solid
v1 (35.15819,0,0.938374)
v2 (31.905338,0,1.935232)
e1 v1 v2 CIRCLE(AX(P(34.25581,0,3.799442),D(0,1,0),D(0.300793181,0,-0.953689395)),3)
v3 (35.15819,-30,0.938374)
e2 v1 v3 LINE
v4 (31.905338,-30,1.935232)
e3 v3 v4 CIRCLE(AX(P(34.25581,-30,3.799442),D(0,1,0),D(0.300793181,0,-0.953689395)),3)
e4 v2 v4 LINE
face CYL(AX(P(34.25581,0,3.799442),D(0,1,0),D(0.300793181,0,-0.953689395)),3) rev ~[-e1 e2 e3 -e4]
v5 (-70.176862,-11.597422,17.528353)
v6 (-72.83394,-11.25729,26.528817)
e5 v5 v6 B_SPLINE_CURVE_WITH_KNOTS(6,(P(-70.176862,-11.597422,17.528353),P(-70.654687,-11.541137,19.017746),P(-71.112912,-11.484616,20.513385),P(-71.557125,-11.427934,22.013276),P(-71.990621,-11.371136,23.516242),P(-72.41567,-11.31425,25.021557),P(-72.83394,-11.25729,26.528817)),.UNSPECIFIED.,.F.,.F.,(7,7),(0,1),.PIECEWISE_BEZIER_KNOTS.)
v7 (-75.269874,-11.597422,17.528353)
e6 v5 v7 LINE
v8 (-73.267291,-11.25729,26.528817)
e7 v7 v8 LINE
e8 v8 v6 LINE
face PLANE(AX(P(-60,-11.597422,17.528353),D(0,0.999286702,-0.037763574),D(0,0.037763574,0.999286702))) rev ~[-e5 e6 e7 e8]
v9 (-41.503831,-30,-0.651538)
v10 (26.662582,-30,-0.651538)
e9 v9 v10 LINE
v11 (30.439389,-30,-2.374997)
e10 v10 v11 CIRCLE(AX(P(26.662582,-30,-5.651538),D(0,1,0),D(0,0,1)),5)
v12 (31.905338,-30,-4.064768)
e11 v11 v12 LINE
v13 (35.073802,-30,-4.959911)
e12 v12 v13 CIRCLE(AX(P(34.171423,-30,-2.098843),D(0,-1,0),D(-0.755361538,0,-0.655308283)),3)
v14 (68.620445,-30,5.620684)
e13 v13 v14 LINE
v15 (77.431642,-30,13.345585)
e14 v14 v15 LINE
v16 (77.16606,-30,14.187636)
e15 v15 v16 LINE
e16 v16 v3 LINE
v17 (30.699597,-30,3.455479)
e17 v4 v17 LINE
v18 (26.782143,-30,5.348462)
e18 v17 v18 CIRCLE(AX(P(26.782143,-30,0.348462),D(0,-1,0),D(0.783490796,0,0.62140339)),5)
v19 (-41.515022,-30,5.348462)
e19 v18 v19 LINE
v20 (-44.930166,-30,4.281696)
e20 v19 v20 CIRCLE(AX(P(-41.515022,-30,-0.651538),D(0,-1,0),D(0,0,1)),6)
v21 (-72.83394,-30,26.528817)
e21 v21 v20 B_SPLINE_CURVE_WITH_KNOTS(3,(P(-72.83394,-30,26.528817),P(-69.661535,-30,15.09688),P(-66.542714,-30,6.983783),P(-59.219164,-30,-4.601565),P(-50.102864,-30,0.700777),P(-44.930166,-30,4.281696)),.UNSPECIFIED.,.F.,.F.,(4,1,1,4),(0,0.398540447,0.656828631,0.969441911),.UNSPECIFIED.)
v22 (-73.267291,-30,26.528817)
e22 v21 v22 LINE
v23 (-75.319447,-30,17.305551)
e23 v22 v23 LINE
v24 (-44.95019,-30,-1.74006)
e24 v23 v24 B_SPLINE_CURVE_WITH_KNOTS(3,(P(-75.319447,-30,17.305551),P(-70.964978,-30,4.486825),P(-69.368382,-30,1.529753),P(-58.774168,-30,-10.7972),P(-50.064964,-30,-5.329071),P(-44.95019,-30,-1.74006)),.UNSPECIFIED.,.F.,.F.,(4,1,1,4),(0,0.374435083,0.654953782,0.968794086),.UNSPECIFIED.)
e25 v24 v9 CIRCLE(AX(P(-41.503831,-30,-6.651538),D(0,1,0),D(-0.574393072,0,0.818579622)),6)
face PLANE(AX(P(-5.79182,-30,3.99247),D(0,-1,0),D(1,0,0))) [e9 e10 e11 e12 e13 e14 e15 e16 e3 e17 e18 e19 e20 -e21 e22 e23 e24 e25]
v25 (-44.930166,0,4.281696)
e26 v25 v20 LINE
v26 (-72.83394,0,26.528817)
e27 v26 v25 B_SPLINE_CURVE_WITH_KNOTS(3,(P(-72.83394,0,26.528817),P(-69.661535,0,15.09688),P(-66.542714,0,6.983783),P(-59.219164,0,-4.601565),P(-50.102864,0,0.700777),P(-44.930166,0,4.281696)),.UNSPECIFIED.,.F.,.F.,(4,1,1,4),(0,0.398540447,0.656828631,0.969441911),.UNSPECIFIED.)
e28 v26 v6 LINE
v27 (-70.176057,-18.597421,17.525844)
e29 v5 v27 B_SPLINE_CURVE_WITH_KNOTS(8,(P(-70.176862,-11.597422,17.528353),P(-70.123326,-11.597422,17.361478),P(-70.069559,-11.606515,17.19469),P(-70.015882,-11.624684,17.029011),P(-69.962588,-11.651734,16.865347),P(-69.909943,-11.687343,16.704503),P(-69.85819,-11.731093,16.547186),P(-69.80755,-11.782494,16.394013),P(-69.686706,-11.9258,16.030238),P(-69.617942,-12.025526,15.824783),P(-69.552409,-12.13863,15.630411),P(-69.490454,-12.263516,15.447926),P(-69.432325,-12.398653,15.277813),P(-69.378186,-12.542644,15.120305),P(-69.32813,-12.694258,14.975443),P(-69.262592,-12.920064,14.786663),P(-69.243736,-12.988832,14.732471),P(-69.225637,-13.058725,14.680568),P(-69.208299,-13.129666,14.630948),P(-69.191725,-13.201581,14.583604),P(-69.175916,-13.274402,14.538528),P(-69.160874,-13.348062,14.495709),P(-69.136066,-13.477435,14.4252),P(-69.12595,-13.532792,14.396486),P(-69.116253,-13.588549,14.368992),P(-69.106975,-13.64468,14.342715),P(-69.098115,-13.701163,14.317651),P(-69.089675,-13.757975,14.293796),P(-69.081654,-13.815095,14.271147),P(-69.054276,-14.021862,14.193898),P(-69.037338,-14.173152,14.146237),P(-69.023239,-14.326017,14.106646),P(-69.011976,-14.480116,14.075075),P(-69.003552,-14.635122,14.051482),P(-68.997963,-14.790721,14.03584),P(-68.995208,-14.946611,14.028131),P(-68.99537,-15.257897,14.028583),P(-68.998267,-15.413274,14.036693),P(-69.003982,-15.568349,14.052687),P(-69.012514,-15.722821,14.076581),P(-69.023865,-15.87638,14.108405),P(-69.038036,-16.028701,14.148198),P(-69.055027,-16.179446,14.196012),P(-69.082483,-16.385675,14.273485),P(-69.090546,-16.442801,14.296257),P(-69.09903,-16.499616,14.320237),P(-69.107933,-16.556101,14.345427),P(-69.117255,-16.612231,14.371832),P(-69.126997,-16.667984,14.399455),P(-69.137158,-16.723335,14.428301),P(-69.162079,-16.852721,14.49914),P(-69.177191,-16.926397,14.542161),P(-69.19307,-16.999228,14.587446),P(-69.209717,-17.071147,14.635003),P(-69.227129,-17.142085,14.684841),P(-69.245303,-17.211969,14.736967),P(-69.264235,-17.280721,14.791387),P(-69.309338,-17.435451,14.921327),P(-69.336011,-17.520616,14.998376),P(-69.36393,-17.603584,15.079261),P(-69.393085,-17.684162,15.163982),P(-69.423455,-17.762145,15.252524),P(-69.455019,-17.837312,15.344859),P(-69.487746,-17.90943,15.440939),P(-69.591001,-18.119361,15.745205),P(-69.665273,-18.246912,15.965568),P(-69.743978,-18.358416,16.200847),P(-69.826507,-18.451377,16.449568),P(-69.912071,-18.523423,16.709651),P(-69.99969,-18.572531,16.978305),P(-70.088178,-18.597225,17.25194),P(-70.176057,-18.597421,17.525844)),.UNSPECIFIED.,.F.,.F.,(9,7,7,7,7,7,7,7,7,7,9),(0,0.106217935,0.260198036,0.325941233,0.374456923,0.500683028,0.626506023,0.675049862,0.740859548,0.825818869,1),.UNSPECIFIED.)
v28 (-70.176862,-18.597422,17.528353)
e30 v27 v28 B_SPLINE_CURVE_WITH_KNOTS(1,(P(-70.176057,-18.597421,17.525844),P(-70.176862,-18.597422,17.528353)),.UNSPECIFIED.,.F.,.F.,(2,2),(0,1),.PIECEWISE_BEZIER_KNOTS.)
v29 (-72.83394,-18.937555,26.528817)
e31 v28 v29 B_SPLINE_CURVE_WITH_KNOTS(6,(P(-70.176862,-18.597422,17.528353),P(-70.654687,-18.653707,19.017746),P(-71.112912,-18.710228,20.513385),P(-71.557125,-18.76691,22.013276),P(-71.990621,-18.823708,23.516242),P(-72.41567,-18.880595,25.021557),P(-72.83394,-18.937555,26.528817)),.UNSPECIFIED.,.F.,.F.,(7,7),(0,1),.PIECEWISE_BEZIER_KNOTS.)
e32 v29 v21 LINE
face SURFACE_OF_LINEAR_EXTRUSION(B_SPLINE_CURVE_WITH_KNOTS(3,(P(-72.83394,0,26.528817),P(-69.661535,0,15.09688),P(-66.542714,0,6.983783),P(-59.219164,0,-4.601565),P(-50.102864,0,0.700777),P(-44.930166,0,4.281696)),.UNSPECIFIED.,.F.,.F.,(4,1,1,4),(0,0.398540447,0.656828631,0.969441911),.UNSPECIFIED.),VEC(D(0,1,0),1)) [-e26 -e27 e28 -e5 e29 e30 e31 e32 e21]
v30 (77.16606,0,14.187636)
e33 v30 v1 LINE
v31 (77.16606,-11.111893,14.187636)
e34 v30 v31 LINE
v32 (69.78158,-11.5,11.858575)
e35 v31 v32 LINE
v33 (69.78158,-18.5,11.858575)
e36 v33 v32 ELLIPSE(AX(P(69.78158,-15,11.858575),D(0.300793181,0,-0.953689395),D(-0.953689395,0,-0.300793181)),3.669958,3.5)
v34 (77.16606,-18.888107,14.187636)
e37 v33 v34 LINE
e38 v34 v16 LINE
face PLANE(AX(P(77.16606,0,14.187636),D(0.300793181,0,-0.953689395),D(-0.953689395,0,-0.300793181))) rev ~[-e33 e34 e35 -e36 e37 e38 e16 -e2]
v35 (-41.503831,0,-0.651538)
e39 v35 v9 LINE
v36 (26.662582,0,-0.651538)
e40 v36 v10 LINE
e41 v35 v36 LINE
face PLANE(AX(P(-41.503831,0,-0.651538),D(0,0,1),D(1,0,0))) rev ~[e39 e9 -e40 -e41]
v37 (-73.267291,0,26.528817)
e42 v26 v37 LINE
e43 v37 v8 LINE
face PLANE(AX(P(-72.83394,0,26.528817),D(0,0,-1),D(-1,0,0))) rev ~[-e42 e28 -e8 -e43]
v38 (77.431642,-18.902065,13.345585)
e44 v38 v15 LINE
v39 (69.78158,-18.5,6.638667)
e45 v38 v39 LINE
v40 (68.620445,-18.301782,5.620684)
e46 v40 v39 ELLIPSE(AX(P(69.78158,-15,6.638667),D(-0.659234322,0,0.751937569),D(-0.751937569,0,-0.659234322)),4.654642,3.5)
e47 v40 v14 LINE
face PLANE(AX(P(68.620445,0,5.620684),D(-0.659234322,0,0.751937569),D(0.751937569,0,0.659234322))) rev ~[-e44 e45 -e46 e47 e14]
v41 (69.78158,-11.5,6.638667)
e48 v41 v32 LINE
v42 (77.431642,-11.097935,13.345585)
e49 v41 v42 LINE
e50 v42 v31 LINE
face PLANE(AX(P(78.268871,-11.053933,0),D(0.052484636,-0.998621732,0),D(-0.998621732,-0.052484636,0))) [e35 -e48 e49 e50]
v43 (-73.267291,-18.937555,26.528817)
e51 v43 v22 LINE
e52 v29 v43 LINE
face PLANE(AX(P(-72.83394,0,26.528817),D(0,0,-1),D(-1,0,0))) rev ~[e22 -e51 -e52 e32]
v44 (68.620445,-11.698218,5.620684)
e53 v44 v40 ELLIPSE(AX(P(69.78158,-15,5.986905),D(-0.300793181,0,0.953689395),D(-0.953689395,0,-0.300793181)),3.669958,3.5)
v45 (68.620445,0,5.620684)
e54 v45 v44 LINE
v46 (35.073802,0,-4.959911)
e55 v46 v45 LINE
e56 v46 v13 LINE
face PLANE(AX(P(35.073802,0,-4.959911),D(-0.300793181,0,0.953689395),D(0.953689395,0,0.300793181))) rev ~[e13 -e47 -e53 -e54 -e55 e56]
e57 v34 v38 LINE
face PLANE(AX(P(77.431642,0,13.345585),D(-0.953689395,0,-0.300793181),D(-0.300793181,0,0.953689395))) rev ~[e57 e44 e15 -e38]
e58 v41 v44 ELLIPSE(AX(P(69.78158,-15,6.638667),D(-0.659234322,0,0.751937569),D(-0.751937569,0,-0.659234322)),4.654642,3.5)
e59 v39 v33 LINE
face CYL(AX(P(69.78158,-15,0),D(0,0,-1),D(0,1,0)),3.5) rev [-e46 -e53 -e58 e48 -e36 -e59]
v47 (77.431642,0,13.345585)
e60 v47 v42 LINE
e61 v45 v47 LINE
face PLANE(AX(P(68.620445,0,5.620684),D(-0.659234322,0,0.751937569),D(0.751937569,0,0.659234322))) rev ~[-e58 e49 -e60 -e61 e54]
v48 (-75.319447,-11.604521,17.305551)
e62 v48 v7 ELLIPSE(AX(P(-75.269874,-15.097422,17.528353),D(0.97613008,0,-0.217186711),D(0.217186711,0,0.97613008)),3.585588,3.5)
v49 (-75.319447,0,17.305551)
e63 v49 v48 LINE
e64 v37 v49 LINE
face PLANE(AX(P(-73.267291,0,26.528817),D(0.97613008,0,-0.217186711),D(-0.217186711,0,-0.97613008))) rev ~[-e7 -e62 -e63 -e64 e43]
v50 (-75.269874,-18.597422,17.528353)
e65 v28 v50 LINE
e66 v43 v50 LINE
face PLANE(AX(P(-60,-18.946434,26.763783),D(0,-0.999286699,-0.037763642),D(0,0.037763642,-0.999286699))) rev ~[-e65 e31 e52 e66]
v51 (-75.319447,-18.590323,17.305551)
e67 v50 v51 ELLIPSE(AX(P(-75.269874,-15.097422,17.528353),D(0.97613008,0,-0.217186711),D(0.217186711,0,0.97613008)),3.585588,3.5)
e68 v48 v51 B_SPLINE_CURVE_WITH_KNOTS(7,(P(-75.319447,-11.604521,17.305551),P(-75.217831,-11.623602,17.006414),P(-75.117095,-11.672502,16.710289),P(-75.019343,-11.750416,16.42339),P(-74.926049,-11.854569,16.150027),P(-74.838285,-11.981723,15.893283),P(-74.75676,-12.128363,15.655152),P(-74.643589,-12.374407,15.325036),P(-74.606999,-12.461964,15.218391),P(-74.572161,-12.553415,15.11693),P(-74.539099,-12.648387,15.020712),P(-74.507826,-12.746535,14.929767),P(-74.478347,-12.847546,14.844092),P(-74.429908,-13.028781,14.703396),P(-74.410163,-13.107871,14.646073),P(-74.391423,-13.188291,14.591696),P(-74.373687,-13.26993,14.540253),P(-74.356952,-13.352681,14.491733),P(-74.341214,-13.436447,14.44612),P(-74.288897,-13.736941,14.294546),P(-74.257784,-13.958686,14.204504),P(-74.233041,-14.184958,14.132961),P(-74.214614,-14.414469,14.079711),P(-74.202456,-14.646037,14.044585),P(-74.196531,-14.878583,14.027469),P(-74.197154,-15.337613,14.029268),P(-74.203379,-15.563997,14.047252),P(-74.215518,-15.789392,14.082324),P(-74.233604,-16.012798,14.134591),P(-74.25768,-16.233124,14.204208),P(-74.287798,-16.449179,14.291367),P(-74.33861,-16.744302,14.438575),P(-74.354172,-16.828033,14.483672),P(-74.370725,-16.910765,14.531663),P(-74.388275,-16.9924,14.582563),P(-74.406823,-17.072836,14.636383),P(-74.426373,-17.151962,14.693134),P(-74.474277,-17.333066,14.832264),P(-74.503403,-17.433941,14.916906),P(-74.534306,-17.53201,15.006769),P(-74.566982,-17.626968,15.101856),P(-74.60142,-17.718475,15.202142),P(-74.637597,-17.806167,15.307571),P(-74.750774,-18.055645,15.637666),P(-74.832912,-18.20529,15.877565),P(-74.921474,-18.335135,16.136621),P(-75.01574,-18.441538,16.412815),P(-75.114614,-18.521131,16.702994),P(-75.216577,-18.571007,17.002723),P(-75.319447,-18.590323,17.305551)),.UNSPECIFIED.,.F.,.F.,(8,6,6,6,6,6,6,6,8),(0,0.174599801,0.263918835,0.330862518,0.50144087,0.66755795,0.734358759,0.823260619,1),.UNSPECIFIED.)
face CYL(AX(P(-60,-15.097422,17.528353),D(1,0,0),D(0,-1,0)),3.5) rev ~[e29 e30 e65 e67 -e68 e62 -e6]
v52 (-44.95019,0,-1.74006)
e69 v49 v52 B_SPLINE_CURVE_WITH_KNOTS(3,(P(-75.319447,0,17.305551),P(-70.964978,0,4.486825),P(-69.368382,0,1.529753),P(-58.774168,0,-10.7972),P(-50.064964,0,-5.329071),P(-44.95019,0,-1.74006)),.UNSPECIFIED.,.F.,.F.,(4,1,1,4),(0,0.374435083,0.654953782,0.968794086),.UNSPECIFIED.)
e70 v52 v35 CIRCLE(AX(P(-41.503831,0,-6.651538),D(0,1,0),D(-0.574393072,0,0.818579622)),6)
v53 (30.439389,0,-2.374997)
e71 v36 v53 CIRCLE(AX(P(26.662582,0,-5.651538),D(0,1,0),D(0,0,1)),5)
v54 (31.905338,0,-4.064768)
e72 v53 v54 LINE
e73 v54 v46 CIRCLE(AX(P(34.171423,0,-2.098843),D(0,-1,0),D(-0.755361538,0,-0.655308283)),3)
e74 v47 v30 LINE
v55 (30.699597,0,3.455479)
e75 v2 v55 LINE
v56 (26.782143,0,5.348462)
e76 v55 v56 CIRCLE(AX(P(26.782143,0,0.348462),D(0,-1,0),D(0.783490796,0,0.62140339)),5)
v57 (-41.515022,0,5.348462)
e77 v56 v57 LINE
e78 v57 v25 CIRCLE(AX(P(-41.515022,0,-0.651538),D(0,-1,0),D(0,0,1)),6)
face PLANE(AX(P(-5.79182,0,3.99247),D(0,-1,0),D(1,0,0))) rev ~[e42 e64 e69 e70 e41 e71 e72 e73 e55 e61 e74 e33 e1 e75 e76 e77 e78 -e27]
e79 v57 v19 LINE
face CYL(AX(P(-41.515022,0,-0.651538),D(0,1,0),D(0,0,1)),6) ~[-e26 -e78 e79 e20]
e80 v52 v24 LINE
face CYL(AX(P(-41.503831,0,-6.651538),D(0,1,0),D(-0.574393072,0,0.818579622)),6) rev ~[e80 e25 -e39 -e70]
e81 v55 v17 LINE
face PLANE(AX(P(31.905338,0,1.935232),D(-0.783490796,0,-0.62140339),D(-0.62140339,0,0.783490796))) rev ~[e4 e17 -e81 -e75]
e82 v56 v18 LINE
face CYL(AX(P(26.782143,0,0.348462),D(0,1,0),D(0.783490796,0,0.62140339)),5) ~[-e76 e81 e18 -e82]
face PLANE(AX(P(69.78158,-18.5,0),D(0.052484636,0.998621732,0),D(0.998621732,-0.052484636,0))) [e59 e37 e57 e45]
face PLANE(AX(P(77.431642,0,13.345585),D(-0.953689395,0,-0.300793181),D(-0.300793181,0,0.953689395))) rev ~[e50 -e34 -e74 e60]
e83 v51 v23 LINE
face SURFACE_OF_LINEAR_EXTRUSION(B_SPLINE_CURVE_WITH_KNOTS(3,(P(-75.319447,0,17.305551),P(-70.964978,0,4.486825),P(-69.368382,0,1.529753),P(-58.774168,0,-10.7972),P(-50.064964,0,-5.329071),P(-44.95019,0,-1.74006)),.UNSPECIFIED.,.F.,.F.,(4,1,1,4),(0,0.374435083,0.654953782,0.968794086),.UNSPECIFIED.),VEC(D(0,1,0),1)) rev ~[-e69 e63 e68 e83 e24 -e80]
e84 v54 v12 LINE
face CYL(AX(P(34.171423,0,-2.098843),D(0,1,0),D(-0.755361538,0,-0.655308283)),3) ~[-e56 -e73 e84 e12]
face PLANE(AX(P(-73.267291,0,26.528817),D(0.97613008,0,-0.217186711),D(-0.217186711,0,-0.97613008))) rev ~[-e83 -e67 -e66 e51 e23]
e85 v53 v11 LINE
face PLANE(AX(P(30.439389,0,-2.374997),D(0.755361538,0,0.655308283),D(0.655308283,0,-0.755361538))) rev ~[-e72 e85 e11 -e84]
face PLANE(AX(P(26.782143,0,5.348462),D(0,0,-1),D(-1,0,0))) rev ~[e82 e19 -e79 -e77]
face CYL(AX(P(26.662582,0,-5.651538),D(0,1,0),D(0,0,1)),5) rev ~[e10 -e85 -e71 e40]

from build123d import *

# Parameters (mm, degrees)
F1_DEPTH = 30
F3_START = -60
F3_DEPTH = 20
F5_DEPTH = 15


with BuildPart() as f1:
    # F0 (on Front) → F1 (new body)
    with BuildSketch(Plane.XZ):
        with BuildLine():
            Line((-73.2672911175, 26.5288166702), (-75.3194466233, 17.3055510968))
            add(Edge.make_bspline(
                [(-75.3194466233, 17.3055510968), (-70.9649776781, 4.4868251649), (-69.3683816602, 1.5297526715), (-58.7741680812, -10.797200258), (-50.064963712, -5.329070788), (-44.9501895242, -1.7400602878)],
                knots=[0, 0, 0, 0, 0.374435083, 0.6549537817, 0.9687940857, 0.9687940857, 0.9687940857, 0.9687940857], degree=3))
            ThreePointArc((-44.9501895242, -1.7400602878), (-43.310919022, -0.9301366905), (-41.5038310897, -0.6515380228))
            Line((-41.5038310897, -0.6515380228), (26.6625816426, -0.6515380228))
            ThreePointArc((26.6625816426, -0.6515380228), (28.7383095769, -1.1027630731), (30.4393893345, -2.3749966056))
            Line((30.4393893345, -2.3749966056), (31.9053379066, -4.0647679645))
            ThreePointArc((31.9053379066, -4.0647679645), (33.3557980505, -4.9858409878), (35.0738020651, -4.9599112993))
            Line((35.0738020651, -4.9599112993), (68.6204453138, 5.6206840096))
            Line((68.6204453138, 5.6206840096), (77.4316421282, 13.3455851134))
            Line((77.4316421282, 13.3455851134), (77.1660596132, 14.18763621))
            Line((77.1660596132, 14.18763621), (35.1581896409, 0.9383740209))
            ThreePointArc((35.1581896409, 0.9383740209), (33.3767909305, 0.9311107565), (31.9053377109, 1.9352320355))
            Line((31.9053377109, 1.9352320355), (30.6995972244, 3.4554789281))
            ThreePointArc((30.6995972244, 3.4554789281), (28.9575644986, 4.8504107083), (26.7821432468, 5.3484619772))
            Line((26.7821432468, 5.3484619772), (-41.5150223961, 5.3484619772))
            ThreePointArc((-41.5150223961, 5.3484619772), (-43.3039602481, 5.0755643302), (-44.9301657899, 4.2816957645))
            add(Edge.make_bspline(
                [(-72.8339403868, 26.5288166702), (-69.6615353227, 15.0968804955), (-66.54271386, 6.9837829262), (-59.2191643212, -4.6015653314), (-50.1028643922, 0.7007774012), (-44.9301657899, 4.2816957645)],
                knots=[0, 0, 0, 0, 0.3985404471, 0.6568286308, 0.9694419113, 0.9694419113, 0.9694419113, 0.9694419113], degree=3))
            Line((-72.8339403868, 26.5288166702), (-73.2672911175, 26.5288166702))
        make_face()
    extrude(amount=F1_DEPTH)

    # F2 (on Right) → F3 (cut)
    with BuildSketch(Plane.YZ.offset(F3_START)):
        with BuildLine():
            ThreePointArc((-18.5974218494, 17.528353259), (-15.0974218494, 14.028353259), (-11.5974218494, 17.528353259))
            Line((-11.5974218494, 17.528353259), (-11.2484100663, 26.7637830809))
            Line((-11.2484100663, 26.7637830809), (-18.946434269, 26.7637830809))
            Line((-18.946434269, 26.7637830809), (-18.5974218494, 17.528353259))
        make_face()
    extrude(amount=-F3_DEPTH, mode=Mode.SUBTRACT)

    # F4 (on Top) → F5 (cut)
    with BuildSketch(Plane.XY):
        with BuildLine():
            Line((78.2688707113, -11.0539328307), (69.7815798237, -11.5))
            ThreePointArc((69.7815798237, -11.5), (66.2815798237, -15), (69.7815798237, -18.5))
            Line((69.7815798237, -18.5), (78.2688707113, -18.9460671693))
            Line((78.2688707113, -18.9460671693), (78.2688707113, -11.0539328307))
        make_face()
    extrude(amount=F5_DEPTH, mode=Mode.SUBTRACT)


solid = f1.part
